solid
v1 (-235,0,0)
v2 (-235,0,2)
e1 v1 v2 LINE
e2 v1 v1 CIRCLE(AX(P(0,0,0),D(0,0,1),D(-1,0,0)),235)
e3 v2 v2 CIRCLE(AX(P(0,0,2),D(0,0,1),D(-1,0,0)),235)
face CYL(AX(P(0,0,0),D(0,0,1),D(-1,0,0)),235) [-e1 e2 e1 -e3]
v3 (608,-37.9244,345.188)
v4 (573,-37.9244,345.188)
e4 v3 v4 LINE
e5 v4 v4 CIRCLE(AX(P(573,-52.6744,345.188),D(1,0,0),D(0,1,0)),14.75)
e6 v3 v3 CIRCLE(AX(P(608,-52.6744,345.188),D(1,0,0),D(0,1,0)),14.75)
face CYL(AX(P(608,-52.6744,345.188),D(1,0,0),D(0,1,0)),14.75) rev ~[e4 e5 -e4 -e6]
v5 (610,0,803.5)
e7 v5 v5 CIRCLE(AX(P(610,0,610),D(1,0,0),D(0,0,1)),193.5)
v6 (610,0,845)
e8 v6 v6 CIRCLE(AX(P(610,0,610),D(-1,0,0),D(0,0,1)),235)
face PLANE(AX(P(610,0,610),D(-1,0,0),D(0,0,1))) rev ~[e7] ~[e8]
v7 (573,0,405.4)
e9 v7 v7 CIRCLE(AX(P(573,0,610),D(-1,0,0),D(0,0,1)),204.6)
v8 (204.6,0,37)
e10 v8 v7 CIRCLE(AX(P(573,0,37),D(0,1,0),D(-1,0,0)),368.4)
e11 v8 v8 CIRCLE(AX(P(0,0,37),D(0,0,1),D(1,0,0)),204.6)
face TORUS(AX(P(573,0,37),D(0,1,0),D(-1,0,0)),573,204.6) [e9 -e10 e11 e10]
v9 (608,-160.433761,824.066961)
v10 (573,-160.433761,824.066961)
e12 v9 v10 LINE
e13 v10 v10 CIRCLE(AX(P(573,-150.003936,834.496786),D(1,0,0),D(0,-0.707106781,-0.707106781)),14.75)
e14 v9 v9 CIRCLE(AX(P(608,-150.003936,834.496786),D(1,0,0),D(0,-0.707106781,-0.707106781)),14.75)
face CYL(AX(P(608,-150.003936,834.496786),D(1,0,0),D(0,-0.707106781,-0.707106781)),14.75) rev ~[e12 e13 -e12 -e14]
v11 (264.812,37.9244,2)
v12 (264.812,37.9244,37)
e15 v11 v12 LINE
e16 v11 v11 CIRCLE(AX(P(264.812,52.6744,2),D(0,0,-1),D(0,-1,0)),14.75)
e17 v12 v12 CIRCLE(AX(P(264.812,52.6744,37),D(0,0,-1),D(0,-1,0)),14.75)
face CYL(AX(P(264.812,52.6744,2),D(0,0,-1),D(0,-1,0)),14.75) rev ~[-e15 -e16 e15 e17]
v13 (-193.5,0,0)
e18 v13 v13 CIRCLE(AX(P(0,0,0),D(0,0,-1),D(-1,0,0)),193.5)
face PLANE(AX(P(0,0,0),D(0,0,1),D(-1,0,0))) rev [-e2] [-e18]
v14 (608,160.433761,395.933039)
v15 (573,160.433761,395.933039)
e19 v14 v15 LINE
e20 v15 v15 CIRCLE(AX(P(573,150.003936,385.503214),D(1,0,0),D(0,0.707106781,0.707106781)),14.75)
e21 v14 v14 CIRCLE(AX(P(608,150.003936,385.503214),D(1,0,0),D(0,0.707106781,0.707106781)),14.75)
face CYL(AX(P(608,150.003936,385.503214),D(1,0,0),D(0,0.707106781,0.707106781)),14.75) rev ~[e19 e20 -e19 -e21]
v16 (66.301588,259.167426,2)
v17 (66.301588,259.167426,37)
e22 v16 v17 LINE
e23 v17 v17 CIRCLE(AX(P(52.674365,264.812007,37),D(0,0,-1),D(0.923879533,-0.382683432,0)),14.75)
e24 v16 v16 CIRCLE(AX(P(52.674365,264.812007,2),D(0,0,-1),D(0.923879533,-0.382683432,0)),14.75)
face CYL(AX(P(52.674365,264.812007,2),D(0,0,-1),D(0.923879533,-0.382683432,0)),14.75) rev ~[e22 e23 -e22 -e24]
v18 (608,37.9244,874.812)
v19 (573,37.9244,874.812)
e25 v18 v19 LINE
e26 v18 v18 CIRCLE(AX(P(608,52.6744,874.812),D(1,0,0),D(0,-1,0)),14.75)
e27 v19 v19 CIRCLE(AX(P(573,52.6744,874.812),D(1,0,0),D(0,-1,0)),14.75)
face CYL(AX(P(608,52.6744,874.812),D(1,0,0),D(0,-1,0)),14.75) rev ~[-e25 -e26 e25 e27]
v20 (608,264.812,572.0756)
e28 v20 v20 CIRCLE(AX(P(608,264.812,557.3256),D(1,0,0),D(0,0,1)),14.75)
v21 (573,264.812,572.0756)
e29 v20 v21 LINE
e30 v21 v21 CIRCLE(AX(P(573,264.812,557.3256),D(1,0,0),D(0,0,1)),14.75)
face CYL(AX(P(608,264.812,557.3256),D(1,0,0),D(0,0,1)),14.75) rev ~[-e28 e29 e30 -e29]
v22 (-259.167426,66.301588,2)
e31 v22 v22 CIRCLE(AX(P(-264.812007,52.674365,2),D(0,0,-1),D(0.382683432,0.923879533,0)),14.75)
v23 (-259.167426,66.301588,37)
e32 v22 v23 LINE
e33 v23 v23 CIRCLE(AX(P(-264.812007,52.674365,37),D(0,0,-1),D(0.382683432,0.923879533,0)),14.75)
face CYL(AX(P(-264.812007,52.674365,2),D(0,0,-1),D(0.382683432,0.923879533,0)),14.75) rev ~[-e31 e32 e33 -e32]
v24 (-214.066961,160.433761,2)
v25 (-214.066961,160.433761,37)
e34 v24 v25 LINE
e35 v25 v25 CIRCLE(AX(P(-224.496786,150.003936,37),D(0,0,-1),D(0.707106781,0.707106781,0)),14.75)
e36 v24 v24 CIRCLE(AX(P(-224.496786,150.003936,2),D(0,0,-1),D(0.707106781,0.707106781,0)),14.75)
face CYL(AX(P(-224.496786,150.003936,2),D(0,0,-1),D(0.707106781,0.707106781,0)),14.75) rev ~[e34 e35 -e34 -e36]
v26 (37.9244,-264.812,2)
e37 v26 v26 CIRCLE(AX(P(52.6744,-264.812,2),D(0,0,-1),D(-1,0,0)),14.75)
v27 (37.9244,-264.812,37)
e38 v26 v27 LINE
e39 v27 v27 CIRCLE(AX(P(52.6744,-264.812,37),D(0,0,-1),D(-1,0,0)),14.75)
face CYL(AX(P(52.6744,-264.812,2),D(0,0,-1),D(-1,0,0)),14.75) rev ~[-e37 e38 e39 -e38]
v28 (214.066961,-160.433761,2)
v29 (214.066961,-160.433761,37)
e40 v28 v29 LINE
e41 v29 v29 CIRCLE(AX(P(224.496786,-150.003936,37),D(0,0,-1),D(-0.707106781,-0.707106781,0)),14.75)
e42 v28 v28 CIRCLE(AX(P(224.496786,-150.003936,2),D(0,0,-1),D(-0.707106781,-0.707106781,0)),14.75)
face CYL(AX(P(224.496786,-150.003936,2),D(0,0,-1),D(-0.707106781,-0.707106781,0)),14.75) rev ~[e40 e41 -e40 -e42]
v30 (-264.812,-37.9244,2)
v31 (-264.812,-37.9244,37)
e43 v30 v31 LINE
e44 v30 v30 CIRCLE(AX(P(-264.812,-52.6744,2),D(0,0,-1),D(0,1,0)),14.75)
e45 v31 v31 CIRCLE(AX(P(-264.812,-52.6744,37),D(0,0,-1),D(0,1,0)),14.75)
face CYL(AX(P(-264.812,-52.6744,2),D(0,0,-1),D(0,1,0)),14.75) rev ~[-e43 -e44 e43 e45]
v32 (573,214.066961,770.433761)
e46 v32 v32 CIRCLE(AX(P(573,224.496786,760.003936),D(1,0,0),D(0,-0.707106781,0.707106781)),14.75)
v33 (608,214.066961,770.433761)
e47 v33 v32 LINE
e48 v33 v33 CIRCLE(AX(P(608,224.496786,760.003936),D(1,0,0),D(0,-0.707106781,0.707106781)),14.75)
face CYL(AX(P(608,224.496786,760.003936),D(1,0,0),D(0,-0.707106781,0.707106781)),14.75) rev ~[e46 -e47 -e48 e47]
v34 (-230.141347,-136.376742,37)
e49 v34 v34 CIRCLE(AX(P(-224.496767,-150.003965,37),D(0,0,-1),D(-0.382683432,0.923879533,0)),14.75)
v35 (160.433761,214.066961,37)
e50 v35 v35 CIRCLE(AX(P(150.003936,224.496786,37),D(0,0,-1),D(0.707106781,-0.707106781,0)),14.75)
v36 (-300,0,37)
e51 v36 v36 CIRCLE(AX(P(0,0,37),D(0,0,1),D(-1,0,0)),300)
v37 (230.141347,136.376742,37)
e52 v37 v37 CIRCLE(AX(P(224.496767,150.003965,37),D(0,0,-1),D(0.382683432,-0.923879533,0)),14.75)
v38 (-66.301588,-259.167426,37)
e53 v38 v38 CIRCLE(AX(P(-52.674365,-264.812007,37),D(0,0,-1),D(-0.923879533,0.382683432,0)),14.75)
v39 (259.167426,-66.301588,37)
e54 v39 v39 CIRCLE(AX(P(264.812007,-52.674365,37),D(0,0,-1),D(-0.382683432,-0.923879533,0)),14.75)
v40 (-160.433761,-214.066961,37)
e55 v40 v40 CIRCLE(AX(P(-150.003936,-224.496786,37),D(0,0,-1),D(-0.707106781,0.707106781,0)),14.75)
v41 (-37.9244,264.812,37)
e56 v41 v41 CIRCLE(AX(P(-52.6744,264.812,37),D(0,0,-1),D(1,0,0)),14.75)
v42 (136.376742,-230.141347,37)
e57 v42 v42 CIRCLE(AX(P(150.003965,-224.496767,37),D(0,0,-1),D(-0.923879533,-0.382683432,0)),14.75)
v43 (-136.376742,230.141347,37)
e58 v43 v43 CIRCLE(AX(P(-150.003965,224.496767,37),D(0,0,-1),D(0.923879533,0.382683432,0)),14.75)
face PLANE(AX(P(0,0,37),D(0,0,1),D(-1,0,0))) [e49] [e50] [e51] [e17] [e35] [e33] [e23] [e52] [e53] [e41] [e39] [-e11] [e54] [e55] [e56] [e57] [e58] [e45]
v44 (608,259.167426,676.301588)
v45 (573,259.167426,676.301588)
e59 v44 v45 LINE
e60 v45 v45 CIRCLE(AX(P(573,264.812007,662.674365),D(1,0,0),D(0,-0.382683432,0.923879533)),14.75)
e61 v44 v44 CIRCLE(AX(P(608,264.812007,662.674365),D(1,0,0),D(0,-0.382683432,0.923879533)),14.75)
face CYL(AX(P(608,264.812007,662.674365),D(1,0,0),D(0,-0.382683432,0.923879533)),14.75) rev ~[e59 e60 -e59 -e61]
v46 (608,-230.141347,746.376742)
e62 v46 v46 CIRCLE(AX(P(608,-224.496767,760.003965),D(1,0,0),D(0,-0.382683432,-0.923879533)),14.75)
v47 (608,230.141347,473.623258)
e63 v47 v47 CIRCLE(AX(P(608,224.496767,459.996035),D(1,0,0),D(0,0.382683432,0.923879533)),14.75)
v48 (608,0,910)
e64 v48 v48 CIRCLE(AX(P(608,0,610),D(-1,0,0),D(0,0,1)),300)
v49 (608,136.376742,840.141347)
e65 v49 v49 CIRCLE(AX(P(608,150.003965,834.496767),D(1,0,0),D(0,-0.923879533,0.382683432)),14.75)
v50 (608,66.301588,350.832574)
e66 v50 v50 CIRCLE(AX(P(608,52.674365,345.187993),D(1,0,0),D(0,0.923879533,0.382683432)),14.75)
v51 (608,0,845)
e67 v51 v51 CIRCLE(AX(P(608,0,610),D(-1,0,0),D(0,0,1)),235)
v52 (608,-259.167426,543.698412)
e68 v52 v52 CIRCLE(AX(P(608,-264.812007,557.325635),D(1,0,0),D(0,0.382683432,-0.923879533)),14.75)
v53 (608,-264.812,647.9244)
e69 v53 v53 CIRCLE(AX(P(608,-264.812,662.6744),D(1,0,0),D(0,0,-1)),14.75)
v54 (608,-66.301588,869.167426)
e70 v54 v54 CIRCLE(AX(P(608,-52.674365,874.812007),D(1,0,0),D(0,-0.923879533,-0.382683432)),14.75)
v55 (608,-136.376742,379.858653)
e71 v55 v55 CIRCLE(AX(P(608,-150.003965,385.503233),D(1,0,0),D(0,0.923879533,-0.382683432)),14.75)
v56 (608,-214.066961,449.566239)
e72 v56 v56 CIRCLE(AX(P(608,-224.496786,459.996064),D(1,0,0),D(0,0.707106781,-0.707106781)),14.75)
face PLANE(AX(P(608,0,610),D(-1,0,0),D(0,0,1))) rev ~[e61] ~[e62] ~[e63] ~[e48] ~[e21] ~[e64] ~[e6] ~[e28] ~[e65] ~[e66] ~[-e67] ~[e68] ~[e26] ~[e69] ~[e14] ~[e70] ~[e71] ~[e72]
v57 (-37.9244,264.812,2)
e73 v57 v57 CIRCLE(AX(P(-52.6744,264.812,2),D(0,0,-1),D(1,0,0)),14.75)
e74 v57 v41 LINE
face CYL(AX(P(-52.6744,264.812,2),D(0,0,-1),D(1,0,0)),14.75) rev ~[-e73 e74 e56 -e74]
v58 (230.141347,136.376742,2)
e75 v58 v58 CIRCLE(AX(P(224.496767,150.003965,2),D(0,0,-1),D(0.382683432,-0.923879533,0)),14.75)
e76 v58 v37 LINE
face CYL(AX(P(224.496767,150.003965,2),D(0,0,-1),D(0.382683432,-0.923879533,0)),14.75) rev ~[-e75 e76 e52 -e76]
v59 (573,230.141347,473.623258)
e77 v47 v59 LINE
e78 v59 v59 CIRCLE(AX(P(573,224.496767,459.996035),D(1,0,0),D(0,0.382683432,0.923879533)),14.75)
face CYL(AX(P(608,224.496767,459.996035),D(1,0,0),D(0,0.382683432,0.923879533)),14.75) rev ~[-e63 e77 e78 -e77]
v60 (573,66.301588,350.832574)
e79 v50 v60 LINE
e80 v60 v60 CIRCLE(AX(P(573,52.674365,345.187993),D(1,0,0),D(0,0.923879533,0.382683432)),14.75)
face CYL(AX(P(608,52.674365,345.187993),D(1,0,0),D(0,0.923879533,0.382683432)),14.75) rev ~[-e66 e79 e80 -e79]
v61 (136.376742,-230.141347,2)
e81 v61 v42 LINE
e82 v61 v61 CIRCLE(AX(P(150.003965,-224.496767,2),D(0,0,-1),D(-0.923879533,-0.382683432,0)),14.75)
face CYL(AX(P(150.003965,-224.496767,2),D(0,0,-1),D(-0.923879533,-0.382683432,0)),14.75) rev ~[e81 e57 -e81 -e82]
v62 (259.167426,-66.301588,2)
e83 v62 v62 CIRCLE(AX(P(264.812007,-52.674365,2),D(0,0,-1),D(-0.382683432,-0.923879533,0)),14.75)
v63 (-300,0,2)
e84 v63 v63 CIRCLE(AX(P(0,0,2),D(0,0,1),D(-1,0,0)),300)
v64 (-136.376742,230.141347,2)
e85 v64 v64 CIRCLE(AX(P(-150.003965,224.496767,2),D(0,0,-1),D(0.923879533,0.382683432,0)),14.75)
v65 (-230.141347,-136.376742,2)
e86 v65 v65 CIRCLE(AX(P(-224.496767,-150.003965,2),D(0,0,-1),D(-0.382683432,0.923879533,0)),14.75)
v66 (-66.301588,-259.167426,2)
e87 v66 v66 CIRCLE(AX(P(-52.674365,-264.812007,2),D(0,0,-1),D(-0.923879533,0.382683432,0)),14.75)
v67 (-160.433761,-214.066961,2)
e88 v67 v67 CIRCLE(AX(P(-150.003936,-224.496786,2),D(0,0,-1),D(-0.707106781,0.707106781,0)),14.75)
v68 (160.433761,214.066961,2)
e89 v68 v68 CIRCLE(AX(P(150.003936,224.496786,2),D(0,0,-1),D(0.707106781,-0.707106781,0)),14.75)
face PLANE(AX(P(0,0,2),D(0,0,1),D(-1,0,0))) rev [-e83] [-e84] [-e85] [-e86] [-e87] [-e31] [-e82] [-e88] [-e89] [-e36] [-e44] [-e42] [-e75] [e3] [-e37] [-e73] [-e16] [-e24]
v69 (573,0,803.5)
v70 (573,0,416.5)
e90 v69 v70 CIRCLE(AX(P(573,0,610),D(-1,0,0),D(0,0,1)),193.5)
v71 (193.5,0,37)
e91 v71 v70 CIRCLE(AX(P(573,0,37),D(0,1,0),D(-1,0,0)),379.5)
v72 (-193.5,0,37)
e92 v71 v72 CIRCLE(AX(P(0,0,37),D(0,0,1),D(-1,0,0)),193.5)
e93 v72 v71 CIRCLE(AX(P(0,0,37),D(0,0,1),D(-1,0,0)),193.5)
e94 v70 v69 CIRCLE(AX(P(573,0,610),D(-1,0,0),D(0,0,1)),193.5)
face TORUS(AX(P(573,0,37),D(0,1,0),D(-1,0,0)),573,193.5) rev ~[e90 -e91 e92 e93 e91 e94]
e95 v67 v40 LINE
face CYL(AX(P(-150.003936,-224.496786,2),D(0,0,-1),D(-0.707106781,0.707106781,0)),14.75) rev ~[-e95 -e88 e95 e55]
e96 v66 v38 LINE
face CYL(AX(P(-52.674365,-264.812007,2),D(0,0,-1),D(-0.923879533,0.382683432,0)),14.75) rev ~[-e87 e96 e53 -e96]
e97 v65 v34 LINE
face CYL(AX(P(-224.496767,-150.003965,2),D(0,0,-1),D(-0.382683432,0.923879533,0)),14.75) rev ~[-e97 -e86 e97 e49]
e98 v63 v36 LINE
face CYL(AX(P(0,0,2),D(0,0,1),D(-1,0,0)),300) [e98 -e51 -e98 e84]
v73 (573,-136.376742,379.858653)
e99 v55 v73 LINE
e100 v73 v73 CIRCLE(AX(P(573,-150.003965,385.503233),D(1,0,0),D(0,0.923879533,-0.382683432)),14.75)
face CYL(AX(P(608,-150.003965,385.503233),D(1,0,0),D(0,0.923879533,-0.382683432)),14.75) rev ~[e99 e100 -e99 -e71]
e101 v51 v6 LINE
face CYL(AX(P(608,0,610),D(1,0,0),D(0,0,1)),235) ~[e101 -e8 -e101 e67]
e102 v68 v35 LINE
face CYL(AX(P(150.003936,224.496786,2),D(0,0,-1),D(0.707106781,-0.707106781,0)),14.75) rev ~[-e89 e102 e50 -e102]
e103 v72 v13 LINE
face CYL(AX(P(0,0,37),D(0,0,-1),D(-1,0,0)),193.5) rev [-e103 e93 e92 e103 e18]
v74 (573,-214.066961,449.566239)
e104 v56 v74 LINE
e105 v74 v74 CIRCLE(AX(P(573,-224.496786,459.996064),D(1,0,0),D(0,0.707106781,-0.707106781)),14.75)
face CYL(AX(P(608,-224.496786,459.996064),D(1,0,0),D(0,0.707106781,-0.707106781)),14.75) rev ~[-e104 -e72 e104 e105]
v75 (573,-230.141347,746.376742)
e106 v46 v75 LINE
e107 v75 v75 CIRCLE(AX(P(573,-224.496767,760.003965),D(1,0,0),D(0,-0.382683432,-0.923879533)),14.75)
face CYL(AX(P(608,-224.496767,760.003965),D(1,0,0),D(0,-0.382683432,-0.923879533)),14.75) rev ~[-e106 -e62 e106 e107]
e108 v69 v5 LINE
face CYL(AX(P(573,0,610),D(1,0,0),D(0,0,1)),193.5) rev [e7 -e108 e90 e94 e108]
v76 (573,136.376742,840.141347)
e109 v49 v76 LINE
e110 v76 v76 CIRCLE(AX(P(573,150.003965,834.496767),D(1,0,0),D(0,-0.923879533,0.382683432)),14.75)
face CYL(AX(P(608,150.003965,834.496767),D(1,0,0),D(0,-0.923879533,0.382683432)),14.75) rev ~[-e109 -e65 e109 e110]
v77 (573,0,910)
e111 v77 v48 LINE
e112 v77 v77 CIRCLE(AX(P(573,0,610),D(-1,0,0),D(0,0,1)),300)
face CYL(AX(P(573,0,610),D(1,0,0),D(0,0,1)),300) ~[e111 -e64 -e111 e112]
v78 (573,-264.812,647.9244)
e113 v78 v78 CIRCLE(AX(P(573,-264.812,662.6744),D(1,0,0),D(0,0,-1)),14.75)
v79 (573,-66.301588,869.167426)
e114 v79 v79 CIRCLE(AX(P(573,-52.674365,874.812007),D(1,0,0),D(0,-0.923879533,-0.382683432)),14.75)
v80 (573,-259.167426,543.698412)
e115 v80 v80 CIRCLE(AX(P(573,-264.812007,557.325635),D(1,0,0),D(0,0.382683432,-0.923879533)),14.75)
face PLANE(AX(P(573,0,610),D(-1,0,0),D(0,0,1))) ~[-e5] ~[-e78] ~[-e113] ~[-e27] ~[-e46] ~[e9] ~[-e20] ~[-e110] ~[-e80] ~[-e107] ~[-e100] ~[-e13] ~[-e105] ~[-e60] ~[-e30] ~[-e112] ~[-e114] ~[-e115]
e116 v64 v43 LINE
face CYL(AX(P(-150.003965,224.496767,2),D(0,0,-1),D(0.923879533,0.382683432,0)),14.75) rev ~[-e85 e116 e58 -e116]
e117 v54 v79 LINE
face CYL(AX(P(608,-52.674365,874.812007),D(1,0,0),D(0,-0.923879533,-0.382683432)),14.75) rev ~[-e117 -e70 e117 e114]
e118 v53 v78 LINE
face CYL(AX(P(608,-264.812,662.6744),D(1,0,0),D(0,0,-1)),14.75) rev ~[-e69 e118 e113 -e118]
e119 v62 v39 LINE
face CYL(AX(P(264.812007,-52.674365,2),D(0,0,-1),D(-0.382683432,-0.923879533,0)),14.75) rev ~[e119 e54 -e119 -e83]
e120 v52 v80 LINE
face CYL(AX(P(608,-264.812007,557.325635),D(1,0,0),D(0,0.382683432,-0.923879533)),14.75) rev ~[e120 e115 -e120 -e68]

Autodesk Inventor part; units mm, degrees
ref_plane "YZ Plane" through (0, 0, 0) normal (1, 0, 0) x (0, 1, 0)
ref_plane "XZ Plane" through (0, 0, 0) normal (0, 1, 0) x (-1, 0, 0)
ref_plane "XY Plane" through (0, 0, 0) normal (0, 0, 1) x (1, 0, 0)
sketch "Sketch1" plane through (0, 0, 0) normal (0, 1, 0) x (-1, 0, 0)
  line L0 (193.5, 0) -> (235, 0)
  line L1 (235, 0) -> (235, 2)
  line L2 (235, 2) -> (300, 2)
  line L3 (300, 2) -> (300, 37)
  line L4 (300, 37) -> (193.5, 37)
  line L5 (193.5, 37) -> (193.5, 0)
  line L6 (0, 0) -> (0, 37)
  line L7 (0, 37) -> (193.5, 37) construction
  line L8 (0, 0) -> (193.5, 0) construction
  line L9 (-610, 610) -> (-573, 610) construction
  line L10 (-573, 610) -> (-573, 803.5) construction
  line L11 (-573, 803.5) -> (-610, 803.5)
  line L12 (-610, 803.5) -> (-610, 610) construction
  line L13 (-573, 803.5) -> (-573, 910)
  line L14 (-573, 910) -> (-608, 910)
  line L15 (-608, 910) -> (-608, 845)
  line L16 (-608, 845) -> (-610, 845)
  line L17 (-610, 845) -> (-610, 803.5)
  dimension "d0" = 387
  dimension "d1" = 600
  dimension "d2" = 470
  dimension "d3" = 2
  dimension "d4" = 37
  dimension "d6" = 2
  dimension "d7" = 37
  dimension "d8" = 387
  dimension "d9" = 470
  dimension "d10" = 600
  dimension "d11" = 610
  dimension "d12" = 610
revolve "Revolution1" add sketch "Sketch1" angle 360 about axis through (0, 0, 0) along (0, 0, 1) contours L5 L4 L3 L2 L1 L0
revolve "Revolution2" add sketch "Sketch1" angle 360 about axis through (610, 0, 610) along (-1, 0, 0) contours L11 L17 L16 L15 L14 L13
sketch "Sketch2" plane through (0, 0, 0) normal (0, 1, 0) x (-1, 0, 0)
  line L0 (-573, 803.5) -> (-573, 910) projected
  line L1 (300, 37) -> (193.5, 37) projected
  line L2 (0, 0) -> (0, 37) projected
  line L3 (-610, 610) -> (-573, 610) projected
  arc A0 (0, 37) -> (-573, 610) centre (-573, 37) ccw
sketch "Sketch3" plane through (0, 0, 37) normal (0, 0, 1) x (1, 0, 0)
  circle A0 centre (0, 0) radius 193.5 projected
  circle A1 centre (0, 0) radius 193.5
  circle A2 centre (0, 0) radius 204.6
  dimension "d14" = 409.2
sweep "Sweep1" add profiles "Sketch3" path "Sketch2" path curves L2 A0 L3
sketch "Sketch6" plane through (0, 0, 2) normal (0, 0, -1) x (-1, 0, 0)
  circle A0 centre (0, 0) radius 300 projected
  circle A1 centre (-52.6744, -264.812) radius 14.75
  circle A2 centre (0, 0) radius 270 construction
  line L0 (-52.6744, -264.812) -> (0, 0) construction
  line L1 (0, 0) -> (0, -270) construction
  dimension "d20" = 11.25
  dimension "d21" = 29.5
  dimension "d22" = 540
extrude "Extrusion1" cut sketch "Sketch6" against normal up to surface (35 mm away) contours A1
pattern_circular "Circular Pattern1" count 16 over 360 about axis through (0, 0, 19.5) along (0, 0, -1) of "Extrusion1"
sketch "Sketch7" plane through (608, 0, 610) normal (1, 0, 0) x (0, 0, -1)
  circle A0 centre (0, 0) radius 235 projected
  circle A1 centre (-52.6744, -264.812) radius 14.75
  circle A2 centre (0, 0) radius 270 construction
  line L0 (-52.6744, -264.812) -> (0, 0) construction
  line L1 (0, 0) -> (0, -270) construction
  dimension "d25" = 11.25
  dimension "d26" = 29.5
  dimension "d27" = 540
extrude "Extrusion2" cut sketch "Sketch7" against normal up to surface (35 mm away) contours A1
pattern_circular "Circular Pattern2" count 16 over 360 about axis through (590.5, 0, 610) along (-1, 0, 0) of "Extrusion2"
equation "\"d0\" = d"
equation "\"d1\" = D1"
equation "\"d2\" = D2"
equation "\"d4\" = C1"
equation "\"d7\" = C1"
equation "\"d8\" = d"
equation "\"d9\" = D2"
equation "\"d10\" = D1"
equation "\"d11\" = BB"
equation "\"d12\" = BB"
equation "\"d14\" = d + 2 * t"
equation "\"d21\" = L"
equation "\"d22\" = K1"
equation "\"d26\" = L"
equation "\"d27\" = K1"
equation "\"D1\" = 600"
equation "\"C1\" = 37"
equation "\"t\" = 11.1"
equation "\"d\" = 387"
equation "\"BB\" = 610"
equation "\"D2\" = 470"
equation "\"K1\" = 540"
equation "\"L\" = 29.5"
properties part number "GB/T 17185 400-PN20 \"F90E(L) RF\"" material "Steel"
